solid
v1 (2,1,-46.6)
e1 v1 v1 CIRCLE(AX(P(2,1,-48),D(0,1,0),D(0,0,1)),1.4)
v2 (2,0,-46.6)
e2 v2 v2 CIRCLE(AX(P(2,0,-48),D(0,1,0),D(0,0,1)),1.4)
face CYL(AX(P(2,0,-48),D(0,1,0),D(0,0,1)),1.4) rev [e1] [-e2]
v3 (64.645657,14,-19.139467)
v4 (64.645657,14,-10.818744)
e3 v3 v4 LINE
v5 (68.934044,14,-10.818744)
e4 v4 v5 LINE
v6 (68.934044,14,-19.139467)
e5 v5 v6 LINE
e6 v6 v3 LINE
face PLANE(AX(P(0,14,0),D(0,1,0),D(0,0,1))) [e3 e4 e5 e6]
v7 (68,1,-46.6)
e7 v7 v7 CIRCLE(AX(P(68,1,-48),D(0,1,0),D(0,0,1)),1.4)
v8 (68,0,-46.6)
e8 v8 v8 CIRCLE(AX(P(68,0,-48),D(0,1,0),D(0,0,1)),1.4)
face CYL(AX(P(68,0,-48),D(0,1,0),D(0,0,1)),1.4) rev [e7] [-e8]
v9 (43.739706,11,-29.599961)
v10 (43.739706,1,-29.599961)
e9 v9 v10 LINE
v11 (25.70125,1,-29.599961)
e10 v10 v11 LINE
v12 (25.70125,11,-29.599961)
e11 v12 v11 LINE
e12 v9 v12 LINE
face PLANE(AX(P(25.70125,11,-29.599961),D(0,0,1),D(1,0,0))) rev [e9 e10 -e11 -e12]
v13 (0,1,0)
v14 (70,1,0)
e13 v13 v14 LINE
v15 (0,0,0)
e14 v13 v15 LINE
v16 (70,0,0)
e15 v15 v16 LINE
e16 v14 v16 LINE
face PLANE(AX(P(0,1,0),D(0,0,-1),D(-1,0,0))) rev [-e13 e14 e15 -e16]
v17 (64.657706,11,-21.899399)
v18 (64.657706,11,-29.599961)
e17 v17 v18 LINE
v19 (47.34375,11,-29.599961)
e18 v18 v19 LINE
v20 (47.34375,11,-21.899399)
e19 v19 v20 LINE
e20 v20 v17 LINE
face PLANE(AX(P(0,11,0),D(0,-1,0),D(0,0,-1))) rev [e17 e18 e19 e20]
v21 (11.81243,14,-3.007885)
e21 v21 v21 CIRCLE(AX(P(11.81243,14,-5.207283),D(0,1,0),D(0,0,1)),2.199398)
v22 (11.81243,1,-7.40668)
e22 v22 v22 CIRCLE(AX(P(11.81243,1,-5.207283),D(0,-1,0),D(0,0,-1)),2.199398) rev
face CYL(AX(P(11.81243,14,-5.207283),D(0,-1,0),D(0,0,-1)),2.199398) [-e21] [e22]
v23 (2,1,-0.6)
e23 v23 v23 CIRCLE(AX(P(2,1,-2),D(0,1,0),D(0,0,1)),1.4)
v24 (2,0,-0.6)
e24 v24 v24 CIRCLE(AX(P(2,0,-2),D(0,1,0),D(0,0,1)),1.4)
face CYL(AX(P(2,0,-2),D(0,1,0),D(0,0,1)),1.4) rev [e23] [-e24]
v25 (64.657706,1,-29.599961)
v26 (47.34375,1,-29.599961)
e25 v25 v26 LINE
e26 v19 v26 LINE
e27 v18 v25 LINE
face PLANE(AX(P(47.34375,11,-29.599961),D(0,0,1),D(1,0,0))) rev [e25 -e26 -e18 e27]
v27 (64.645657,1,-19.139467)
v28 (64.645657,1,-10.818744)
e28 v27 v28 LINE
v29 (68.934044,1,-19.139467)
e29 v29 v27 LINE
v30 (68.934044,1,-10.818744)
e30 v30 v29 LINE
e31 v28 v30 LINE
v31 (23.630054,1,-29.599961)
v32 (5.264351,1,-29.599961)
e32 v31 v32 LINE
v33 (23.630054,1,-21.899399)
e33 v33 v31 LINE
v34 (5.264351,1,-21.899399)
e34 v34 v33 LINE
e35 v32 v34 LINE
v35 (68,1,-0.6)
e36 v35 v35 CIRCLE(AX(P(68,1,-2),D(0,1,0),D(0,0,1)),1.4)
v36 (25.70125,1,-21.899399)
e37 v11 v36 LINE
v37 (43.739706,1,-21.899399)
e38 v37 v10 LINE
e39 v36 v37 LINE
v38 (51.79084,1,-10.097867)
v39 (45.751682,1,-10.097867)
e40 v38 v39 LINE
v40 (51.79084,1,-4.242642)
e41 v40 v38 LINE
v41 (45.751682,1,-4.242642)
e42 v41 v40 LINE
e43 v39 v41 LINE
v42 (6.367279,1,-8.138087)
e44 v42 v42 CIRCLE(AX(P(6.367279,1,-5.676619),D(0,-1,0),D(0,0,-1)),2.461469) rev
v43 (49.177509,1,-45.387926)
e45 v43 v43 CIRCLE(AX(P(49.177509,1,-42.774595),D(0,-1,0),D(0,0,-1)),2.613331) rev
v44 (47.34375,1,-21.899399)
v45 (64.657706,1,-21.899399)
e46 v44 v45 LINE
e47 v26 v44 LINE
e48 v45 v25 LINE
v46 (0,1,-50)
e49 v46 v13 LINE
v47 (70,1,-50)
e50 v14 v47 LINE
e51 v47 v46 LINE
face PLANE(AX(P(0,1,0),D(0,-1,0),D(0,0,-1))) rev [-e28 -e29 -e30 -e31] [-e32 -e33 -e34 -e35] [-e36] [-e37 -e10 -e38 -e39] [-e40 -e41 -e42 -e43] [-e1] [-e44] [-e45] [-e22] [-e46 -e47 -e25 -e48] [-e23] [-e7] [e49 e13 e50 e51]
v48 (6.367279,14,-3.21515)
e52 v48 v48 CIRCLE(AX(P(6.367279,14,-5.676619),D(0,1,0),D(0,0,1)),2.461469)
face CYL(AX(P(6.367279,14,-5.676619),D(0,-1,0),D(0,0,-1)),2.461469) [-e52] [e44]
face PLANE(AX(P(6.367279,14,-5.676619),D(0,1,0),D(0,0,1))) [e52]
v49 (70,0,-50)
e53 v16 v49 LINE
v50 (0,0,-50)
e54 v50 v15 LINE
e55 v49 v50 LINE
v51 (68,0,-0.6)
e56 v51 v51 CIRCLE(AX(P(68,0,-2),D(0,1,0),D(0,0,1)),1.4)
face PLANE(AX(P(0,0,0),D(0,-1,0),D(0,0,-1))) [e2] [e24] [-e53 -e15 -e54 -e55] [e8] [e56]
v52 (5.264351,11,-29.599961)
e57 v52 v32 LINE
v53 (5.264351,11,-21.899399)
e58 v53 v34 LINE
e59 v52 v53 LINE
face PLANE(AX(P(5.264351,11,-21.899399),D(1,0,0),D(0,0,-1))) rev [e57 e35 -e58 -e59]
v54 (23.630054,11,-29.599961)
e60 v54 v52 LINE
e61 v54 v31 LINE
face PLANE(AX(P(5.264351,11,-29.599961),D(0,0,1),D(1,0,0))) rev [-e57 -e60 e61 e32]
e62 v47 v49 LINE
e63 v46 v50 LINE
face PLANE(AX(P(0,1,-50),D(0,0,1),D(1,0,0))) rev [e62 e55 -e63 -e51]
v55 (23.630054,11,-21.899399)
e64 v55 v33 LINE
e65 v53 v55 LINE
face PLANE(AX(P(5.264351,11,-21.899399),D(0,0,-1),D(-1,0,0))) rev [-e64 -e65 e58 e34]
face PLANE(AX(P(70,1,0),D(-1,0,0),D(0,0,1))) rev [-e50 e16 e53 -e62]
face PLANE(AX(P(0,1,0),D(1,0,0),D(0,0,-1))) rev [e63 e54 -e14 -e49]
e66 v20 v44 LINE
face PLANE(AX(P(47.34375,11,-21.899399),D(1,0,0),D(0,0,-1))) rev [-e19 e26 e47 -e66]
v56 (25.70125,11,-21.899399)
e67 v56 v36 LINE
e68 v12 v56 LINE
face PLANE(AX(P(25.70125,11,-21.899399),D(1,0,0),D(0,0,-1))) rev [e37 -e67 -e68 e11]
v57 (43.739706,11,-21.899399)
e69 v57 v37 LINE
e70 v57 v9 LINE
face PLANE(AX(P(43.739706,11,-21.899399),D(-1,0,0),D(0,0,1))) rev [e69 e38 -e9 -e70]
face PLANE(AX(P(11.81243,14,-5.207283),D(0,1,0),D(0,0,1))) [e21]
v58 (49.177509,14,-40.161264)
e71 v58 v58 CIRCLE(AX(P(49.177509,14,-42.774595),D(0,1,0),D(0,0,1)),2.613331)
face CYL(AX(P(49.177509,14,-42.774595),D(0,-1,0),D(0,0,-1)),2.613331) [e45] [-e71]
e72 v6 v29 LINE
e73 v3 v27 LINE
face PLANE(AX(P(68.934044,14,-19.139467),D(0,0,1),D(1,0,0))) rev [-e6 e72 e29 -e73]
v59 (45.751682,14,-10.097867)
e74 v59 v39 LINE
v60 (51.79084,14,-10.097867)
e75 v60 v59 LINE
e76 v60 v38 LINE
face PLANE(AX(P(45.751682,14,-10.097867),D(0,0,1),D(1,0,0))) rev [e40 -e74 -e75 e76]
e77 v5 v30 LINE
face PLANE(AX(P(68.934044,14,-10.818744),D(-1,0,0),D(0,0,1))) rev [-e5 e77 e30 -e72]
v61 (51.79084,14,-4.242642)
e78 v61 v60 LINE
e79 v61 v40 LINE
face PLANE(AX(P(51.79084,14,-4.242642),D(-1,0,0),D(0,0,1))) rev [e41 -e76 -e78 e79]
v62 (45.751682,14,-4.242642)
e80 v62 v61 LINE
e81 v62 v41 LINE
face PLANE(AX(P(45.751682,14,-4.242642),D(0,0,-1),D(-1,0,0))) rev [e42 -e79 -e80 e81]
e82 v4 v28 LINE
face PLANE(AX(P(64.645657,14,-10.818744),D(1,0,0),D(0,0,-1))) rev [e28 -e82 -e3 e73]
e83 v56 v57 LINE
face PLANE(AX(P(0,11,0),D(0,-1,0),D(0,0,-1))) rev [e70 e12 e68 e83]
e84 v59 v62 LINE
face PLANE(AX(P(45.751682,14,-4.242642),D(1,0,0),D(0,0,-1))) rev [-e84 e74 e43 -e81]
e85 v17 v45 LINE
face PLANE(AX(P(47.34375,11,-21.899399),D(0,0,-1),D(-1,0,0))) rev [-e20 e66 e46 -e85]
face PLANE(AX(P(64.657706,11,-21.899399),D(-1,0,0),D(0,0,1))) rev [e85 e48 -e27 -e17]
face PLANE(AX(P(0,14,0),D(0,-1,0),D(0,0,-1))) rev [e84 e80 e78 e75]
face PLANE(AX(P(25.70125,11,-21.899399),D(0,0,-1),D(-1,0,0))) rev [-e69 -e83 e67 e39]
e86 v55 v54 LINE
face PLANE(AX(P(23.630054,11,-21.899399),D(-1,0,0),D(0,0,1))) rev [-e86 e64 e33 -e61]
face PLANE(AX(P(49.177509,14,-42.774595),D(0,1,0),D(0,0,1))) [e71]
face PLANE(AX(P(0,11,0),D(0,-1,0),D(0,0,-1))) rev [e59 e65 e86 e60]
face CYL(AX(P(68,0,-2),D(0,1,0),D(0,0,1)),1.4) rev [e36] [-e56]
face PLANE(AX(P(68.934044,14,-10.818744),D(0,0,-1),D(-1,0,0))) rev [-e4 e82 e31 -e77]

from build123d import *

# Parameters (mm, degrees)
SKETCH1_W           = 70
SKETCH1_H           = 50
BOSS_EXTRUDE1_DEPTH = 1
SKETCH2_R           = 1.4
CUT_EXTRUDE1_DEPTH  = 87.029064856
SKETCH3_W           = 18.365703091
SKETCH3_H           = 7.700561822
SKETCH3_W_2         = 18.038456085
SKETCH3_W_3         = 17.313956014
BOSS_EXTRUDE2_DEPTH = 10
SKETCH4_R           = 2.199397545
SKETCH4_R_2         = 2.613331078
SKETCH4_W           = 6.039158021
SKETCH4_H           = 5.855225109
SKETCH4_W_2         = 4.288386861
SKETCH4_H_2         = 8.320722996
BOSS_EXTRUDE3_DEPTH = 13
SKETCH5_R           = 2.461468561
BOSS_EXTRUDE4_DEPTH = 13


with BuildPart() as part:
    # Sketch1 → Boss-Extrude1 (new body)
    with BuildSketch(Plane(origin=(0, 0, 0), x_dir=(1, 0, 0), z_dir=(0, 1, 0))):
        with Locations((35, 25)):
            Rectangle(SKETCH1_W, SKETCH1_H)
    extrude(amount=BOSS_EXTRUDE1_DEPTH)

    # Sketch2 → Cut-Extrude1 (cut, through all)
    with BuildSketch(Plane(origin=(0, 1, 0), x_dir=(1, 0, 0), z_dir=(0, 1, 0))):
        with Locations(Location((2, 48, 0), (0, 0, 270))):
            Circle(SKETCH2_R)
        with Locations(Location((68, 48, 0), (0, 0, 270))):
            Circle(SKETCH2_R)
        with Locations(Location((68, 2, 0), (0, 0, 270))):
            Circle(SKETCH2_R)
        with Locations(Location((2, 2, 0), (0, 0, 270))):
            Circle(SKETCH2_R)
    extrude(amount=-CUT_EXTRUDE1_DEPTH, mode=Mode.SUBTRACT)

    # Sketch3 → Boss-Extrude2 (add)
    with BuildSketch(Plane(origin=(0, 1, 0), x_dir=(1, 0, 0), z_dir=(0, 1, 0))):
        with Locations((14.447202749, 25.749679834)):
            Rectangle(SKETCH3_W, SKETCH3_H)
        with Locations((34.720477754, 25.749679834)):
            Rectangle(SKETCH3_W_2, SKETCH3_H)
        with Locations((56.000727736, 25.749679834)):
            Rectangle(SKETCH3_W_3, SKETCH3_H)
    extrude(amount=BOSS_EXTRUDE2_DEPTH)

    # Sketch4 → Boss-Extrude3 (add)
    with BuildSketch(Plane(origin=(0, 1, 0), x_dir=(1, 0, 0), z_dir=(0, 1, 0))):
        with Locations(Location((11.812429649, 5.207282589, 0), (0, 0, 90))):
            Circle(SKETCH4_R)
        with Locations(Location((49.177509177, 42.774595264, 0), (0, 0, 90))):
            Circle(SKETCH4_R_2)
        with Locations((48.771261245, 7.170254424)):
            Rectangle(SKETCH4_W, SKETCH4_H)
        with Locations((66.789850866, 14.979105773)):
            Rectangle(SKETCH4_W_2, SKETCH4_H_2)
    extrude(amount=BOSS_EXTRUDE3_DEPTH)

    # Sketch5 → Boss-Extrude4 (add)
    with BuildSketch(Plane(origin=(0, 1, 0), x_dir=(1, 0, 0), z_dir=(0, 1, 0))):
        with Locations(Location((6.367279466, 5.676618651, 0), (0, 0, 90))):
            Circle(SKETCH5_R)
    extrude(amount=BOSS_EXTRUDE4_DEPTH)


solid = part.part
